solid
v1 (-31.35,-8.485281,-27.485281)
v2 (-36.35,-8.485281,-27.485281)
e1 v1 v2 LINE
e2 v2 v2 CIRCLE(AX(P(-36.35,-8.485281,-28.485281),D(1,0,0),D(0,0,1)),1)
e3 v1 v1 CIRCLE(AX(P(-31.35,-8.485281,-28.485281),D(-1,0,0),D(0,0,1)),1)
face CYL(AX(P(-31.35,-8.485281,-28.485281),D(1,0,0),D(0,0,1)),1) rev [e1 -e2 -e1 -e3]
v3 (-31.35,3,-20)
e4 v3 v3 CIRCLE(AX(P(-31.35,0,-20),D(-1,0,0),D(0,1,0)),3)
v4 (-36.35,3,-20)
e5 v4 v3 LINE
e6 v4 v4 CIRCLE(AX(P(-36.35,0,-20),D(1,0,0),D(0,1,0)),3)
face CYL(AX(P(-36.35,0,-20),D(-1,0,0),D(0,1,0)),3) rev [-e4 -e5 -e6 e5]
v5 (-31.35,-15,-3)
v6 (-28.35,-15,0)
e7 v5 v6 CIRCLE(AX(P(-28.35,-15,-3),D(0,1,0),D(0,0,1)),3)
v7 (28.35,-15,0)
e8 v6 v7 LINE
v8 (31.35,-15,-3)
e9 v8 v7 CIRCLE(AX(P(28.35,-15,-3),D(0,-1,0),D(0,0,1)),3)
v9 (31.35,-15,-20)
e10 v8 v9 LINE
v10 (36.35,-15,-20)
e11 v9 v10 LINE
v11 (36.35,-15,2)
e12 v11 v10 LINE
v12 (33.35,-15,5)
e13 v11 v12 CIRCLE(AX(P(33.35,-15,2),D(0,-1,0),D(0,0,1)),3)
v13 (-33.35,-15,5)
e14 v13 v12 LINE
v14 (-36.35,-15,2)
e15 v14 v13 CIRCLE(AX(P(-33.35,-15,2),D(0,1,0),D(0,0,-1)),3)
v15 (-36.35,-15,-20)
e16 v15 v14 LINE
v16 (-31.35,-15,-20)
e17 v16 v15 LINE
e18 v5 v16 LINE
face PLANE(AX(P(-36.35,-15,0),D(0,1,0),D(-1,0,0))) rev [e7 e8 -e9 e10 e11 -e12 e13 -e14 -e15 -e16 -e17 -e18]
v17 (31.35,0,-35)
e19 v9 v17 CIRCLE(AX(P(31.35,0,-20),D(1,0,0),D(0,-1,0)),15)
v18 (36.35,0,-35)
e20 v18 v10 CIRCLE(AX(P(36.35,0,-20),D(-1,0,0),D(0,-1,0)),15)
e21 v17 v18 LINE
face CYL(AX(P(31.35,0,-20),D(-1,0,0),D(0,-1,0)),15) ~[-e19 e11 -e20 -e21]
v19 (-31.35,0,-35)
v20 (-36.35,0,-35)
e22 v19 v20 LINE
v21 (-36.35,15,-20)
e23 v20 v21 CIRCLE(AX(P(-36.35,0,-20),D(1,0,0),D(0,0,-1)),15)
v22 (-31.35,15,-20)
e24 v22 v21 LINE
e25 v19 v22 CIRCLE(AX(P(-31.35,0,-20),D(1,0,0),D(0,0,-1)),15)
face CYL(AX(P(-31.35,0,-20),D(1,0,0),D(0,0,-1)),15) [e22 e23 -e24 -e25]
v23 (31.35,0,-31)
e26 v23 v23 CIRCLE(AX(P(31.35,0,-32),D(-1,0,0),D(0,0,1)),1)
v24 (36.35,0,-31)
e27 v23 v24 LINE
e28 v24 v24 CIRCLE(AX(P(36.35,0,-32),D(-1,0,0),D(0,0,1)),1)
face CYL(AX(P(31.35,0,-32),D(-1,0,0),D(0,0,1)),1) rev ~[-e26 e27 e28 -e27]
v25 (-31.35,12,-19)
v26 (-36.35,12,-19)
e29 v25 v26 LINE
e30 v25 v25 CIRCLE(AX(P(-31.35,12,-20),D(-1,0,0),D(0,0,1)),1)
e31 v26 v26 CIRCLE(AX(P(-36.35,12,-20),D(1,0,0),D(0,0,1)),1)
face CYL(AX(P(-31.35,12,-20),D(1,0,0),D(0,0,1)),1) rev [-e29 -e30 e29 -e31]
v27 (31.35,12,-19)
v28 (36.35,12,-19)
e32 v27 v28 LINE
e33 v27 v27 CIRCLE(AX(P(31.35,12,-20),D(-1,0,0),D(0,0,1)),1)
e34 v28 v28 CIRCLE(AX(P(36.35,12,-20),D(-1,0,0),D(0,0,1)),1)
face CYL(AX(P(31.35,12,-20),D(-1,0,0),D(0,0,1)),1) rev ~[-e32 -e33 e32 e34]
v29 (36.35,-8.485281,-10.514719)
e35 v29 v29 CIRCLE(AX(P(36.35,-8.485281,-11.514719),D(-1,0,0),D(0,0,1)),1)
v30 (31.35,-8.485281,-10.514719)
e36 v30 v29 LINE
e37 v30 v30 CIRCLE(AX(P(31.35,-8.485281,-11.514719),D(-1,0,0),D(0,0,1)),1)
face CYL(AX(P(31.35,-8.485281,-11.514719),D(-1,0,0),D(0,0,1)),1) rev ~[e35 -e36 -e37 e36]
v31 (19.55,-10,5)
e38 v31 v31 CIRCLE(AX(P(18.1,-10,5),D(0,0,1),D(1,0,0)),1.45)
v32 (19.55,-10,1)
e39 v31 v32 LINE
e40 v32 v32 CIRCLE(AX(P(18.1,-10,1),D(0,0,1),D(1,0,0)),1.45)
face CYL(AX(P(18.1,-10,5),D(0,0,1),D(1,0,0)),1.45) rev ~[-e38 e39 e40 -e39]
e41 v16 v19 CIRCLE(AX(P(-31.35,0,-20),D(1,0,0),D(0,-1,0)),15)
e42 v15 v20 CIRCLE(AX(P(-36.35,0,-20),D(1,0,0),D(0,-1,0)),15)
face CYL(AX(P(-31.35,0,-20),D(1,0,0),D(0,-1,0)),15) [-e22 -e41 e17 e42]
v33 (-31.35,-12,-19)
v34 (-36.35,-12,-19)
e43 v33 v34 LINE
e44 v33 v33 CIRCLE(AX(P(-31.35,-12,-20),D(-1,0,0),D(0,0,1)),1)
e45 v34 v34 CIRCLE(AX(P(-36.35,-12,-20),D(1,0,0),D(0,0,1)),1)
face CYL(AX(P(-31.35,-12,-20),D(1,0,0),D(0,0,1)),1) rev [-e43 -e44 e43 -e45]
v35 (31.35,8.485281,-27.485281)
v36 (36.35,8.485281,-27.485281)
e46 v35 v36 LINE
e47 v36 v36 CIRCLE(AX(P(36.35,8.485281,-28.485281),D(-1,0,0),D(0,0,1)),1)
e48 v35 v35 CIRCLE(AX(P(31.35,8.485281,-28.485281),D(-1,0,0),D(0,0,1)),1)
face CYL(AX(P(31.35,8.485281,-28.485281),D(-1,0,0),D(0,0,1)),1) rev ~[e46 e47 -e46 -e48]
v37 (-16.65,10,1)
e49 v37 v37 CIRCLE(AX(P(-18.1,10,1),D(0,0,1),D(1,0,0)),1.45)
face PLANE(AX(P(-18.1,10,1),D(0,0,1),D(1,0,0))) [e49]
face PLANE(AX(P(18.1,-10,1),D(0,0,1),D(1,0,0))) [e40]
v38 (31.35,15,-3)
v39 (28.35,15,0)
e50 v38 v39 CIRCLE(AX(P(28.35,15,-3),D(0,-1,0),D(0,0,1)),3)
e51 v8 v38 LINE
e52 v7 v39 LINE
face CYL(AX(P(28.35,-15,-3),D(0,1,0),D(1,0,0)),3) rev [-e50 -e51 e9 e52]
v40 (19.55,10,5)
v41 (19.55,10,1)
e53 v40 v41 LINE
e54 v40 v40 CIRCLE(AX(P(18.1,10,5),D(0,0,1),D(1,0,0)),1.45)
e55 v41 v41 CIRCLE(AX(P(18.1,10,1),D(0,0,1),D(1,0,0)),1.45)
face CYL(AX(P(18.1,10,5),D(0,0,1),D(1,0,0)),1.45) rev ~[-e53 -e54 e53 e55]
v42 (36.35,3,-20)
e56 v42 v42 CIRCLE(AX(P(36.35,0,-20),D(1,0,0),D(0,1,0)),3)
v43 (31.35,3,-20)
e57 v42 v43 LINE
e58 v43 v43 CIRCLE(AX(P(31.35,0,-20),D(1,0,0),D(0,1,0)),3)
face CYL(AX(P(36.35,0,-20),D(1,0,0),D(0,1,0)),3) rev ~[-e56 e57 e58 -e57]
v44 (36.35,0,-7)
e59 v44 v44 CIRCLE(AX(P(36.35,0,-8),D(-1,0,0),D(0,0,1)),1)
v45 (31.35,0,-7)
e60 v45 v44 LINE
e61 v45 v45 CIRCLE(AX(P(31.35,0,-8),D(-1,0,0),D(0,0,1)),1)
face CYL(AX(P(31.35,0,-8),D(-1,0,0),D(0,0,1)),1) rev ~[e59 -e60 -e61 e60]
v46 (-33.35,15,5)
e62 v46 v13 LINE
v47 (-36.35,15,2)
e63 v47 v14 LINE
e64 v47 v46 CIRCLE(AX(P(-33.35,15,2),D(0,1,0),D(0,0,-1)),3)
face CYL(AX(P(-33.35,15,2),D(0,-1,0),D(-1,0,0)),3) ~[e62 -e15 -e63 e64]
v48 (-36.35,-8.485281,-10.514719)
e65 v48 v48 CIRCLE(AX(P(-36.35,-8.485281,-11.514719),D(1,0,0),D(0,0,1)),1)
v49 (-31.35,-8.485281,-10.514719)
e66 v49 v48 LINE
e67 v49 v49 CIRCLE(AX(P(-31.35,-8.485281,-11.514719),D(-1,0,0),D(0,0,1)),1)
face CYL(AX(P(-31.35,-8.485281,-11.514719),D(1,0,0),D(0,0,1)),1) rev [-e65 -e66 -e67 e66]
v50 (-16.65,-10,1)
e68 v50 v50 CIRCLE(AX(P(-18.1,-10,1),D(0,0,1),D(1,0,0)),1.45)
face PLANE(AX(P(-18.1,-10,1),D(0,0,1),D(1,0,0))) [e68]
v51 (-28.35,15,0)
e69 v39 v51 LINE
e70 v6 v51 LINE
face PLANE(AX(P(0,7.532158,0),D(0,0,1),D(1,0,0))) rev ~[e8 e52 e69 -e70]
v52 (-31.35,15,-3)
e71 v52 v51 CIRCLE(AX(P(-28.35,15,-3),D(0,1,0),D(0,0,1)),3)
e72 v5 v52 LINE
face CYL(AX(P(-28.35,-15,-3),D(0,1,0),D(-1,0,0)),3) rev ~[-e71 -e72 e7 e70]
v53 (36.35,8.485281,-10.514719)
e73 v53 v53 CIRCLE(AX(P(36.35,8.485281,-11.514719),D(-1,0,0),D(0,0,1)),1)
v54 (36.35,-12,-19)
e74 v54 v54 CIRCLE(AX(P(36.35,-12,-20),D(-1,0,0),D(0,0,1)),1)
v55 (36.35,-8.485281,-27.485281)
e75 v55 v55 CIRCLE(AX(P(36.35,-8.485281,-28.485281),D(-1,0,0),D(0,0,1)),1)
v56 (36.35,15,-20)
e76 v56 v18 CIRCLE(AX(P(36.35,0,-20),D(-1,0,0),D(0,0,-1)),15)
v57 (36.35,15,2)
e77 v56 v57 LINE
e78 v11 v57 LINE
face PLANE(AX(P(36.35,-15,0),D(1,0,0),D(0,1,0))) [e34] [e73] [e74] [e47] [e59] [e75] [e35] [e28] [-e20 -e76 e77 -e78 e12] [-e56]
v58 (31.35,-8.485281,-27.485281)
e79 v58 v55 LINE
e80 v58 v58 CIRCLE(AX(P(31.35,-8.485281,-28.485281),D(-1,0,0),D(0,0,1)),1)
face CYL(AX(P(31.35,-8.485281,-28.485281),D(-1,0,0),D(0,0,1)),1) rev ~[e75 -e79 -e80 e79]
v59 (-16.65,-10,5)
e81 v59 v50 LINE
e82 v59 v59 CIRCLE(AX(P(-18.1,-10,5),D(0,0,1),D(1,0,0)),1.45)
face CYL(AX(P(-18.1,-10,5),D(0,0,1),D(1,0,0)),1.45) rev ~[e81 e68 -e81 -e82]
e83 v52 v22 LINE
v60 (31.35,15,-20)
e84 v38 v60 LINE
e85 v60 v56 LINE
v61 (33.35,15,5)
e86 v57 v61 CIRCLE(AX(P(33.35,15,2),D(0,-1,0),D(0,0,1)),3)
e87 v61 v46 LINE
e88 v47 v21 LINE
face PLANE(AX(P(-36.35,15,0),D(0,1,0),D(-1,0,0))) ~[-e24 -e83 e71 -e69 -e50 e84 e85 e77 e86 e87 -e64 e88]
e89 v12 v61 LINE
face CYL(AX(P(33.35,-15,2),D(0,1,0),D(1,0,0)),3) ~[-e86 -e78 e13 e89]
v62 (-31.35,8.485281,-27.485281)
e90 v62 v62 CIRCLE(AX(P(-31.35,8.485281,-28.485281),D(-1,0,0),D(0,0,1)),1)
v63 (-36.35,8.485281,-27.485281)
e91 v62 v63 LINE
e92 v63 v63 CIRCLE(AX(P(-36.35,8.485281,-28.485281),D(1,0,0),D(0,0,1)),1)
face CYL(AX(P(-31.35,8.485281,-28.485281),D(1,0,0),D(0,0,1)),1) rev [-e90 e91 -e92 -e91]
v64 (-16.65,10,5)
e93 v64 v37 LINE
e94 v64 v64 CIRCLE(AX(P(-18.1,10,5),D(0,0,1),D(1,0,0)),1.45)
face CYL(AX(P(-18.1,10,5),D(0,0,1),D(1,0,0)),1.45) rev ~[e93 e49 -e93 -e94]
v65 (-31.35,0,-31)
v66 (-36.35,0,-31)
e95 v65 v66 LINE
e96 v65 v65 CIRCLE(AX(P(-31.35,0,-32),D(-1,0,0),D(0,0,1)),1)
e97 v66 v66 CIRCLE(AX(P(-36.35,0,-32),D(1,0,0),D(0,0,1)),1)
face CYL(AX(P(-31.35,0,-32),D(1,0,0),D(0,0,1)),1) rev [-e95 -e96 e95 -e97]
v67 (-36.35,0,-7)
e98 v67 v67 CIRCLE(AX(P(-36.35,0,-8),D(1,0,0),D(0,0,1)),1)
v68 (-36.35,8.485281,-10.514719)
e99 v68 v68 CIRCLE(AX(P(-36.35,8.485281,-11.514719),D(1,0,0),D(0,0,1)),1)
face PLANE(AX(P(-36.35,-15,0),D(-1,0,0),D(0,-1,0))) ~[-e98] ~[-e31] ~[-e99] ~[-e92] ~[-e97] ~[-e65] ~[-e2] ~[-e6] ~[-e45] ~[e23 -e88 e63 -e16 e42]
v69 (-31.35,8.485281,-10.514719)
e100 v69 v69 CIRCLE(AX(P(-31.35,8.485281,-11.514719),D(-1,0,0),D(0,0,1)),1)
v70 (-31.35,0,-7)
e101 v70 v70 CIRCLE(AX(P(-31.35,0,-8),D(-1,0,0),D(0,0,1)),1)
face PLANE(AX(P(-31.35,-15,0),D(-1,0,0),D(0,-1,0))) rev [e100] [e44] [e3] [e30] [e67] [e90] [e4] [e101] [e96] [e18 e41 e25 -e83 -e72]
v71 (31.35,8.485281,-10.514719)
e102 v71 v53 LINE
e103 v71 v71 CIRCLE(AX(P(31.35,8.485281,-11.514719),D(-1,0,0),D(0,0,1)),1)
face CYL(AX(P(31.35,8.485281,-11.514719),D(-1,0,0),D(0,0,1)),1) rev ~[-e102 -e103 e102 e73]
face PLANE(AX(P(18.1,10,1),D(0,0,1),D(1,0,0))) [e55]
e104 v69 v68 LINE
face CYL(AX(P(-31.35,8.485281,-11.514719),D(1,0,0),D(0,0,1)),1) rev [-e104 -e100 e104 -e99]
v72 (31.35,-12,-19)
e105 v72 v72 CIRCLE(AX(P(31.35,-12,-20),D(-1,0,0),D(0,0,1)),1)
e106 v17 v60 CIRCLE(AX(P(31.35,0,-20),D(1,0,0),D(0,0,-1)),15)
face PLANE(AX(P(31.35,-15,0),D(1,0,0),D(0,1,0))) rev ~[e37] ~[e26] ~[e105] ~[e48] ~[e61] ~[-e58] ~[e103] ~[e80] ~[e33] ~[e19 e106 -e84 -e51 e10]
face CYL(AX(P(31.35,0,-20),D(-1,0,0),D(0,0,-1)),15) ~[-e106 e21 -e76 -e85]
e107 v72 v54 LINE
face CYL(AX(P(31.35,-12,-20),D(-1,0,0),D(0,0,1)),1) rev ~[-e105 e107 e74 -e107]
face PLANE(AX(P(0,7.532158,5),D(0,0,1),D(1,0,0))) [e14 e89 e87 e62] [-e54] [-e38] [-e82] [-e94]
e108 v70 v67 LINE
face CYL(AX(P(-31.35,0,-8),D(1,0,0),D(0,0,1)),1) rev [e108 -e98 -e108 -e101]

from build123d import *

# Parameters (mm, degrees)
BOSS_EXTRUDE1_DEPTH = 5
SKETCH4_W           = 5
SKETCH4_H           = 30
BOSS_EXTRUDE4_DEPTH = 35
SKETCH5_R           = 3
CUT_EXTRUDE2_DEPTH  = 40
CUT_EXTRUDE3_DEPTH  = 10
SKETCH7_R           = 1
SKETCH7_R_2         = 1.000000019
CUT_EXTRUDE4_DEPTH  = 10
FILLET2_R           = 3
FILLET3_R           = 3
FILLET5_R           = 3
FILLET6_R           = 3
SKETCH8_R           = 1.45
CUT_EXTRUDE6_DEPTH  = 4


with BuildPart() as part:
    # Sketch1 → Boss-Extrude1 (new body)
    with BuildSketch(Plane.XY):
        with BuildLine():
            Line((5, 0), (36.35, 0))
            Line((36.35, 0), (36.35, 15))
            Line((36.35, 15), (-36.35, 15))
            Line((-36.35, 15), (-36.35, 0))
            Line((-36.35, 0), (-5, 0))
            ThreePointArc((-5, 0), (0, 5), (5, 0))
        make_face()
        with BuildLine():
            ThreePointArc((-5, 0), (0, -5), (5, 0))
            Line((5, 0), (0, 0))
            Line((0, 0), (-5, 0))
        make_face()
        with BuildLine():
            Line((0, 0), (5, 0))
            ThreePointArc((5, 0), (0, 5), (-5, 0))
            Line((-5, 0), (0, 0))
        make_face()
        with BuildLine():
            Line((-36.35, -15), (36.35, -15))
            Line((36.35, -15), (36.35, 0))
            Line((36.35, 0), (5, 0))
            ThreePointArc((5, 0), (0, -5), (-5, 0))
            Line((-5, 0), (-36.35, 0))
            Line((-36.35, 0), (-36.35, -15))
        make_face()
    extrude(amount=BOSS_EXTRUDE1_DEPTH)

    # Sketch4 → Boss-Extrude4 (add)
    with BuildSketch(Plane(origin=(0, 0, 0), x_dir=(-1, 0, 0), z_dir=(0, 0, -1))):
        with Locations((-33.85, 0)):
            Rectangle(SKETCH4_W, SKETCH4_H)
    boss_extrude4 = extrude(amount=BOSS_EXTRUDE4_DEPTH)

    # Sketch5 → Cut-Extrude2 (cut)
    with BuildSketch(Plane(origin=(36.35, 0, 0), x_dir=(0, 0, -1), z_dir=(1, 0, 0))):
        with Locations(Location((20, 0, 0), (0, 0, 90))):
            Circle(SKETCH5_R)
    cut_extrude2 = extrude(amount=-CUT_EXTRUDE2_DEPTH, mode=Mode.SUBTRACT)

    # Sketch6 → Cut-Extrude3 (cut)
    with BuildSketch(Plane.ZY.offset(-31.35)):
        with BuildLine():
            ThreePointArc((-35, 0), (-30.606601718, 10.606601718), (-20, 15))
            Line((-20, 15), (-35, 15))
            Line((-35, 15), (-35, 0))
        make_face()
        with BuildLine():
            ThreePointArc((-20, -15), (-30.606601718, -10.606601718), (-35, 0))
            Line((-35, 0), (-35, -15))
            Line((-35, -15), (-20, -15))
        make_face()
    cut_extrude3 = extrude(amount=-CUT_EXTRUDE3_DEPTH, mode=Mode.SUBTRACT)

    # Sketch7 → Cut-Extrude4 (cut)
    with BuildSketch(Plane.ZY.offset(-31.35)):
        with Locations((-28.485281374, 8.485281374)):
            Circle(SKETCH7_R)
        with Locations((-11.514718626, 8.485281374)):
            Circle(SKETCH7_R)
        with Locations((-8, 0)):
            Circle(SKETCH7_R)
        with Locations((-32, -2e-08)):
            Circle(SKETCH7_R_2)
        with Locations((-11.514718626, -8.485281374)):
            Circle(SKETCH7_R)
        with Locations((-20, 12)):
            Circle(SKETCH7_R)
        with Locations((-28.485281374, -8.485281374)):
            Circle(SKETCH7_R)
        with Locations((-20, -12)):
            Circle(SKETCH7_R)
    cut_extrude4 = extrude(amount=-CUT_EXTRUDE4_DEPTH, mode=Mode.SUBTRACT)

    # Fillet2
    fillet2_edges = [part.edges().sort_by_distance(p)[0] for p in [
        (36.35, 0, 5),
    ]]
    fillet(fillet2_edges, radius=FILLET2_R)

    # Fillet3
    fillet3_edges = [part.edges().sort_by_distance(p)[0] for p in [
        (31.35, 0, 0),
    ]]
    fillet(fillet3_edges, radius=FILLET3_R)

    # Mirror2: Boss-Extrude4, Cut-Extrude2, Cut-Extrude3, Cut-Extrude4 across plane
    add(boss_extrude4.mirror(Plane(origin=(0, 0, 0), x_dir=(0, 0, 1), z_dir=(1, 0, 0))))
    add(cut_extrude2.mirror(Plane(origin=(0, 0, 0), x_dir=(0, 0, 1), z_dir=(1, 0, 0))), mode=Mode.SUBTRACT)
    add(cut_extrude3.mirror(Plane(origin=(0, 0, 0), x_dir=(0, 0, 1), z_dir=(1, 0, 0))), mode=Mode.SUBTRACT)
    add(cut_extrude4.mirror(Plane(origin=(0, 0, 0), x_dir=(0, 0, 1), z_dir=(1, 0, 0))), mode=Mode.SUBTRACT)

    # Fillet5
    fillet5_edges = [part.edges().sort_by_distance(p)[0] for p in [
        (-36.35, 0, 5),
    ]]
    fillet(fillet5_edges, radius=FILLET5_R)

    # Fillet6
    fillet6_edges = [part.edges().sort_by_distance(p)[0] for p in [
        (-31.35, 0, 0),
    ]]
    fillet(fillet6_edges, radius=FILLET6_R)

    # Sketch8 → Cut-Extrude6 (cut)
    with BuildSketch(Plane.XY.offset(5)):
        with Locations((-18.1, 10)):
            Circle(SKETCH8_R)
        with Locations((18.1, 10)):
            Circle(SKETCH8_R)
        with Locations((18.1, -10)):
            Circle(SKETCH8_R)
        with Locations((-18.1, -10)):
            Circle(SKETCH8_R)
    extrude(amount=-CUT_EXTRUDE6_DEPTH, mode=Mode.SUBTRACT)


solid = part.part
